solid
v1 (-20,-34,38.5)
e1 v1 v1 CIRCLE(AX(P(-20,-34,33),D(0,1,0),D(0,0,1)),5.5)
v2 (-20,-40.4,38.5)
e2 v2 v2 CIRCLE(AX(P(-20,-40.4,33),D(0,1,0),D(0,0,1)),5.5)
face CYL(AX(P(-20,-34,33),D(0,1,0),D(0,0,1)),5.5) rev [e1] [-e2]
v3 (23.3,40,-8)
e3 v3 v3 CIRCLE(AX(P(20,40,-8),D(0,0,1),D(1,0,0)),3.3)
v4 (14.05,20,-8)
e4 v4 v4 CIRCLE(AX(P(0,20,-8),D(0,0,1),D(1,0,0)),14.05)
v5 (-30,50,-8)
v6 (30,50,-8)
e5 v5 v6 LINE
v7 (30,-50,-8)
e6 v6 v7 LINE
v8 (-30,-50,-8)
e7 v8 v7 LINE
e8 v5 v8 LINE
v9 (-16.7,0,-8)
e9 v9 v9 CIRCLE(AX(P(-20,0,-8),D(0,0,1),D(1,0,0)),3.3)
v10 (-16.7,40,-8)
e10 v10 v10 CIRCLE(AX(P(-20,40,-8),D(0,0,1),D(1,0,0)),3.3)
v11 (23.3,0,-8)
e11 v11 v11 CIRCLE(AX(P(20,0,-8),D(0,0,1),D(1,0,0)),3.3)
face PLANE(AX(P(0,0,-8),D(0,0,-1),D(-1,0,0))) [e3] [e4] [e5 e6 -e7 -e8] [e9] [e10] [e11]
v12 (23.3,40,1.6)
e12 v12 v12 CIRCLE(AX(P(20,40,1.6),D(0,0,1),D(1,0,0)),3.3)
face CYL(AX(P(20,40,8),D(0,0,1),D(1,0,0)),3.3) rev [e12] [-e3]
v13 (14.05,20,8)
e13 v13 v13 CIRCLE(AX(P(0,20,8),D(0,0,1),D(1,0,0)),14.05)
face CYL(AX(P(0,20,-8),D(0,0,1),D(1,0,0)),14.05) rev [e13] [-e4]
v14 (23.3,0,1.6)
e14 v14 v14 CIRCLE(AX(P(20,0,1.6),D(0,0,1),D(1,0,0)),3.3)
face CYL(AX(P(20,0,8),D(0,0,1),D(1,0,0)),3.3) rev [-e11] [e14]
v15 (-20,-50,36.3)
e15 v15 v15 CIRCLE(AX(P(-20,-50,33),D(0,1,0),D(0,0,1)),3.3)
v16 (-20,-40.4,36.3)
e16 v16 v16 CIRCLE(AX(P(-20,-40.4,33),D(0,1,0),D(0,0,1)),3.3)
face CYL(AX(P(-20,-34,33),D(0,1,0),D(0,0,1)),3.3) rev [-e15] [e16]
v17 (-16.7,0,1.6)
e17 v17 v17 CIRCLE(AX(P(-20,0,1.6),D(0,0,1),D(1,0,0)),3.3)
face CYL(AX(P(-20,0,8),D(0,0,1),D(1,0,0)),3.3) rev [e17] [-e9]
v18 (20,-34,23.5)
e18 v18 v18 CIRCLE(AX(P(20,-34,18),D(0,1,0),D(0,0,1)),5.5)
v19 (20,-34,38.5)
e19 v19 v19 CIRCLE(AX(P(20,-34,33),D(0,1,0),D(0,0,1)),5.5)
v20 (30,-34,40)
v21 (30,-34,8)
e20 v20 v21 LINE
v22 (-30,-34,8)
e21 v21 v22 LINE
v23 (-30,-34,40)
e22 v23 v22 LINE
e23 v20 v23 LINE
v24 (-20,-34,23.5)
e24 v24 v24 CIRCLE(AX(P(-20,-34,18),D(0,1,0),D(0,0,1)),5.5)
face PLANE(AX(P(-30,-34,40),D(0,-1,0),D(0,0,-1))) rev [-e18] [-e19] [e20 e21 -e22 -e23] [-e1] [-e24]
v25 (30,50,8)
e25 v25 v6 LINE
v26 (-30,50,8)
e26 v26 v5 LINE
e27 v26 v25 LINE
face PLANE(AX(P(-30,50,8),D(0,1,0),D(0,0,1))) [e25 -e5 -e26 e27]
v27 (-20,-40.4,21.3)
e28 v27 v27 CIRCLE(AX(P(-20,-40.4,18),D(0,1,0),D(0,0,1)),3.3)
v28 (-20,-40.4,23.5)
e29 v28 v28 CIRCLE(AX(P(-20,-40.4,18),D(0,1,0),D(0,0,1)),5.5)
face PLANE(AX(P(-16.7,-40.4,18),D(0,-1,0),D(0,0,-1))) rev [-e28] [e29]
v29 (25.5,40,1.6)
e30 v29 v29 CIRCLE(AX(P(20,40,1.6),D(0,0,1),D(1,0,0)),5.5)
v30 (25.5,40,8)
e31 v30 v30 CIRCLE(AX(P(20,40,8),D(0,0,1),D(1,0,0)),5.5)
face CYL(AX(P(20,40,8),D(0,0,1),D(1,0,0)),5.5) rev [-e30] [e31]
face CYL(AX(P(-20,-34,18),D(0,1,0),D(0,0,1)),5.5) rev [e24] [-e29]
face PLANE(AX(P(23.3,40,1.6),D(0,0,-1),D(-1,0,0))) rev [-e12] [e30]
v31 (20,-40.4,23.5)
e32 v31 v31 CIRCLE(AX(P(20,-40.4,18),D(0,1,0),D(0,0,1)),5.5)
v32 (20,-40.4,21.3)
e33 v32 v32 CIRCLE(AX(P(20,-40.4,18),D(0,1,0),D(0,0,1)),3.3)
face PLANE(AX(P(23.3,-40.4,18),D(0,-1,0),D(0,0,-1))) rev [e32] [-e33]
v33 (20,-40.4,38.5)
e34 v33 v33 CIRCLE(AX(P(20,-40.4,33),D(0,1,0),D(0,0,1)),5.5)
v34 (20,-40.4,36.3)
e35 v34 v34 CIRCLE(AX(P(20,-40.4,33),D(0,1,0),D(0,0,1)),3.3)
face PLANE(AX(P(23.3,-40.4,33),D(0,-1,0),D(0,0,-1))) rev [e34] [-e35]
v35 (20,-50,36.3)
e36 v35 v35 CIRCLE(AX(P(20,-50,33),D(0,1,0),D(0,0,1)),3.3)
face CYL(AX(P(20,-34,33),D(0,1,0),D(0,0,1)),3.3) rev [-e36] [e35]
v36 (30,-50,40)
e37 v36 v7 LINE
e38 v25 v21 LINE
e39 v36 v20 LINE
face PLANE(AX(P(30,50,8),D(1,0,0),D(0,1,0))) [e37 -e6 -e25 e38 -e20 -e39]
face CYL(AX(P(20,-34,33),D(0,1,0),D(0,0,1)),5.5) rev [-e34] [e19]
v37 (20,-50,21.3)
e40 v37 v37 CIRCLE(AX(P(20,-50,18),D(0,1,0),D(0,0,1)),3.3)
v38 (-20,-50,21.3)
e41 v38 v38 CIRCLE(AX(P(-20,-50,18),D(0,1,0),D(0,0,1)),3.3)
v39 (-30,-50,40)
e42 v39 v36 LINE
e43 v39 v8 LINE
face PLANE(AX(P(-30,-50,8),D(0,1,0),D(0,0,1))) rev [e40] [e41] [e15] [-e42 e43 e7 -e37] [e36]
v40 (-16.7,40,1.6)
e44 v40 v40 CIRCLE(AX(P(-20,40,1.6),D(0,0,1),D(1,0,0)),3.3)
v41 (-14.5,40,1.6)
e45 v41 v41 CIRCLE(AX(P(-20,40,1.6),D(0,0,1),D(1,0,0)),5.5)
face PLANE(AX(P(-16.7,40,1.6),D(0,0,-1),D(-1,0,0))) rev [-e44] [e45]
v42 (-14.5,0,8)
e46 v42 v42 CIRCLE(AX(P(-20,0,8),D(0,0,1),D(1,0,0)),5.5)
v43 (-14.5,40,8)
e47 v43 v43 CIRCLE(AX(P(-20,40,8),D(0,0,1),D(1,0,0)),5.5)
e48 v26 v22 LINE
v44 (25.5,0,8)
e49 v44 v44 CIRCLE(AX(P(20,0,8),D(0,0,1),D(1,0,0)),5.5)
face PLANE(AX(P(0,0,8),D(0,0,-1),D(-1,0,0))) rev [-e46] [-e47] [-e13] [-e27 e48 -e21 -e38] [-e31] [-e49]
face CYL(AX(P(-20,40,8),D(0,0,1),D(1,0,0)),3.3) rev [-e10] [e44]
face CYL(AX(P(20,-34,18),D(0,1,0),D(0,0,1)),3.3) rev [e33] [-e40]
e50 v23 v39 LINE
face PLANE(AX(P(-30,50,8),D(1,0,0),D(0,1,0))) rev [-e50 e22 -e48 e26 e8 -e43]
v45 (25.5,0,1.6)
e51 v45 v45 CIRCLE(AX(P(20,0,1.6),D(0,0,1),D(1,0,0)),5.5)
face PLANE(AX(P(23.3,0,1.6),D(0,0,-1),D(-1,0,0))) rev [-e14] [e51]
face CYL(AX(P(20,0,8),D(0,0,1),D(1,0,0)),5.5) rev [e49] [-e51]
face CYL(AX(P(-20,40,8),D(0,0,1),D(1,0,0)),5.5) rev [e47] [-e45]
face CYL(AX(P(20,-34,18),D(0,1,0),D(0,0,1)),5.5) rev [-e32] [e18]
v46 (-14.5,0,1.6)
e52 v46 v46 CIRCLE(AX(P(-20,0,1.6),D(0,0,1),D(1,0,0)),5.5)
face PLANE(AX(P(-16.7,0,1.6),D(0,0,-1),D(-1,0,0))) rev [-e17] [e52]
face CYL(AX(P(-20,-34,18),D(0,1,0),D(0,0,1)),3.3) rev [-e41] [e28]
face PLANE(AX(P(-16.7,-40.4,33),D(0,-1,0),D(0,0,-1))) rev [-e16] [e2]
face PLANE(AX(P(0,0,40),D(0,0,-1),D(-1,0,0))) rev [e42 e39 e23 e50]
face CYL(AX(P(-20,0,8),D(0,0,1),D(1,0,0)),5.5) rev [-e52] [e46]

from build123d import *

# Parameters (mm, degrees)
SKETCH1_W                                           = 60
SKETCH1_H                                           = 100
BOSS_EXTRUDE1_DEPTH                                 = 8
CBORE_FOR_M6_HEX_SOCKET_HEAD_CAP_SCREW1_D           = 6.6
CBORE_FOR_M6_HEX_SOCKET_HEAD_CAP_SCREW1_CBORE_D     = 11
CBORE_FOR_M6_HEX_SOCKET_HEAD_CAP_SCREW1_CBORE_DEPTH = 6.4
SKETCH6_R                                           = 14.05
CUT_EXTRUDE1_DEPTH                                  = 61.464865831
SKETCH7_W                                           = 60
SKETCH7_H                                           = 16
BOSS_EXTRUDE2_DEPTH                                 = 32
CBORE_FOR_M6_HEX_SOCKET_HEAD_CAP_SCREW2_D           = 6.6
CBORE_FOR_M6_HEX_SOCKET_HEAD_CAP_SCREW2_CBORE_D     = 11
CBORE_FOR_M6_HEX_SOCKET_HEAD_CAP_SCREW2_CBORE_DEPTH = 6.4


with BuildPart() as part:
    # Sketch1 → Boss-Extrude1 (new, symmetric)
    with BuildSketch(Plane.XY):
        Rectangle(SKETCH1_W, SKETCH1_H)
    extrude(amount=BOSS_EXTRUDE1_DEPTH, both=True)

    # CBORE for M6 Hex Socket Head Cap Screw1 (through all)
    with Locations(Plane.XY.offset(8)):
        with Locations((-20, 40), (20, 40), (20, 0), (-20, 0)):
            CounterBoreHole(CBORE_FOR_M6_HEX_SOCKET_HEAD_CAP_SCREW1_D / 2, CBORE_FOR_M6_HEX_SOCKET_HEAD_CAP_SCREW1_CBORE_D / 2, CBORE_FOR_M6_HEX_SOCKET_HEAD_CAP_SCREW1_CBORE_DEPTH)

    # Sketch6 → Cut-Extrude1 (cut, through all)
    with BuildSketch(Plane.XY.offset(8)):
        with Locations((0, 20)):
            Circle(SKETCH6_R)
    extrude(amount=-CUT_EXTRUDE1_DEPTH, mode=Mode.SUBTRACT)

    # Sketch7 → Boss-Extrude2 (add)
    with BuildSketch(Plane.XY.offset(8)):
        with Locations((0, -42)):
            Rectangle(SKETCH7_W, SKETCH7_H)
    extrude(amount=BOSS_EXTRUDE2_DEPTH)

    # CBORE for M6 Hex Socket Head Cap Screw2 (through all)
    with Locations(Plane(origin=(0, -34, 0), x_dir=(1, 0, 0), z_dir=(0, 1, 0))):
        with Locations((-20, -18), (20, -18), (20, -33), (-20, -33)):
            CounterBoreHole(CBORE_FOR_M6_HEX_SOCKET_HEAD_CAP_SCREW2_D / 2, CBORE_FOR_M6_HEX_SOCKET_HEAD_CAP_SCREW2_CBORE_D / 2, CBORE_FOR_M6_HEX_SOCKET_HEAD_CAP_SCREW2_CBORE_DEPTH)


solid = part.part
